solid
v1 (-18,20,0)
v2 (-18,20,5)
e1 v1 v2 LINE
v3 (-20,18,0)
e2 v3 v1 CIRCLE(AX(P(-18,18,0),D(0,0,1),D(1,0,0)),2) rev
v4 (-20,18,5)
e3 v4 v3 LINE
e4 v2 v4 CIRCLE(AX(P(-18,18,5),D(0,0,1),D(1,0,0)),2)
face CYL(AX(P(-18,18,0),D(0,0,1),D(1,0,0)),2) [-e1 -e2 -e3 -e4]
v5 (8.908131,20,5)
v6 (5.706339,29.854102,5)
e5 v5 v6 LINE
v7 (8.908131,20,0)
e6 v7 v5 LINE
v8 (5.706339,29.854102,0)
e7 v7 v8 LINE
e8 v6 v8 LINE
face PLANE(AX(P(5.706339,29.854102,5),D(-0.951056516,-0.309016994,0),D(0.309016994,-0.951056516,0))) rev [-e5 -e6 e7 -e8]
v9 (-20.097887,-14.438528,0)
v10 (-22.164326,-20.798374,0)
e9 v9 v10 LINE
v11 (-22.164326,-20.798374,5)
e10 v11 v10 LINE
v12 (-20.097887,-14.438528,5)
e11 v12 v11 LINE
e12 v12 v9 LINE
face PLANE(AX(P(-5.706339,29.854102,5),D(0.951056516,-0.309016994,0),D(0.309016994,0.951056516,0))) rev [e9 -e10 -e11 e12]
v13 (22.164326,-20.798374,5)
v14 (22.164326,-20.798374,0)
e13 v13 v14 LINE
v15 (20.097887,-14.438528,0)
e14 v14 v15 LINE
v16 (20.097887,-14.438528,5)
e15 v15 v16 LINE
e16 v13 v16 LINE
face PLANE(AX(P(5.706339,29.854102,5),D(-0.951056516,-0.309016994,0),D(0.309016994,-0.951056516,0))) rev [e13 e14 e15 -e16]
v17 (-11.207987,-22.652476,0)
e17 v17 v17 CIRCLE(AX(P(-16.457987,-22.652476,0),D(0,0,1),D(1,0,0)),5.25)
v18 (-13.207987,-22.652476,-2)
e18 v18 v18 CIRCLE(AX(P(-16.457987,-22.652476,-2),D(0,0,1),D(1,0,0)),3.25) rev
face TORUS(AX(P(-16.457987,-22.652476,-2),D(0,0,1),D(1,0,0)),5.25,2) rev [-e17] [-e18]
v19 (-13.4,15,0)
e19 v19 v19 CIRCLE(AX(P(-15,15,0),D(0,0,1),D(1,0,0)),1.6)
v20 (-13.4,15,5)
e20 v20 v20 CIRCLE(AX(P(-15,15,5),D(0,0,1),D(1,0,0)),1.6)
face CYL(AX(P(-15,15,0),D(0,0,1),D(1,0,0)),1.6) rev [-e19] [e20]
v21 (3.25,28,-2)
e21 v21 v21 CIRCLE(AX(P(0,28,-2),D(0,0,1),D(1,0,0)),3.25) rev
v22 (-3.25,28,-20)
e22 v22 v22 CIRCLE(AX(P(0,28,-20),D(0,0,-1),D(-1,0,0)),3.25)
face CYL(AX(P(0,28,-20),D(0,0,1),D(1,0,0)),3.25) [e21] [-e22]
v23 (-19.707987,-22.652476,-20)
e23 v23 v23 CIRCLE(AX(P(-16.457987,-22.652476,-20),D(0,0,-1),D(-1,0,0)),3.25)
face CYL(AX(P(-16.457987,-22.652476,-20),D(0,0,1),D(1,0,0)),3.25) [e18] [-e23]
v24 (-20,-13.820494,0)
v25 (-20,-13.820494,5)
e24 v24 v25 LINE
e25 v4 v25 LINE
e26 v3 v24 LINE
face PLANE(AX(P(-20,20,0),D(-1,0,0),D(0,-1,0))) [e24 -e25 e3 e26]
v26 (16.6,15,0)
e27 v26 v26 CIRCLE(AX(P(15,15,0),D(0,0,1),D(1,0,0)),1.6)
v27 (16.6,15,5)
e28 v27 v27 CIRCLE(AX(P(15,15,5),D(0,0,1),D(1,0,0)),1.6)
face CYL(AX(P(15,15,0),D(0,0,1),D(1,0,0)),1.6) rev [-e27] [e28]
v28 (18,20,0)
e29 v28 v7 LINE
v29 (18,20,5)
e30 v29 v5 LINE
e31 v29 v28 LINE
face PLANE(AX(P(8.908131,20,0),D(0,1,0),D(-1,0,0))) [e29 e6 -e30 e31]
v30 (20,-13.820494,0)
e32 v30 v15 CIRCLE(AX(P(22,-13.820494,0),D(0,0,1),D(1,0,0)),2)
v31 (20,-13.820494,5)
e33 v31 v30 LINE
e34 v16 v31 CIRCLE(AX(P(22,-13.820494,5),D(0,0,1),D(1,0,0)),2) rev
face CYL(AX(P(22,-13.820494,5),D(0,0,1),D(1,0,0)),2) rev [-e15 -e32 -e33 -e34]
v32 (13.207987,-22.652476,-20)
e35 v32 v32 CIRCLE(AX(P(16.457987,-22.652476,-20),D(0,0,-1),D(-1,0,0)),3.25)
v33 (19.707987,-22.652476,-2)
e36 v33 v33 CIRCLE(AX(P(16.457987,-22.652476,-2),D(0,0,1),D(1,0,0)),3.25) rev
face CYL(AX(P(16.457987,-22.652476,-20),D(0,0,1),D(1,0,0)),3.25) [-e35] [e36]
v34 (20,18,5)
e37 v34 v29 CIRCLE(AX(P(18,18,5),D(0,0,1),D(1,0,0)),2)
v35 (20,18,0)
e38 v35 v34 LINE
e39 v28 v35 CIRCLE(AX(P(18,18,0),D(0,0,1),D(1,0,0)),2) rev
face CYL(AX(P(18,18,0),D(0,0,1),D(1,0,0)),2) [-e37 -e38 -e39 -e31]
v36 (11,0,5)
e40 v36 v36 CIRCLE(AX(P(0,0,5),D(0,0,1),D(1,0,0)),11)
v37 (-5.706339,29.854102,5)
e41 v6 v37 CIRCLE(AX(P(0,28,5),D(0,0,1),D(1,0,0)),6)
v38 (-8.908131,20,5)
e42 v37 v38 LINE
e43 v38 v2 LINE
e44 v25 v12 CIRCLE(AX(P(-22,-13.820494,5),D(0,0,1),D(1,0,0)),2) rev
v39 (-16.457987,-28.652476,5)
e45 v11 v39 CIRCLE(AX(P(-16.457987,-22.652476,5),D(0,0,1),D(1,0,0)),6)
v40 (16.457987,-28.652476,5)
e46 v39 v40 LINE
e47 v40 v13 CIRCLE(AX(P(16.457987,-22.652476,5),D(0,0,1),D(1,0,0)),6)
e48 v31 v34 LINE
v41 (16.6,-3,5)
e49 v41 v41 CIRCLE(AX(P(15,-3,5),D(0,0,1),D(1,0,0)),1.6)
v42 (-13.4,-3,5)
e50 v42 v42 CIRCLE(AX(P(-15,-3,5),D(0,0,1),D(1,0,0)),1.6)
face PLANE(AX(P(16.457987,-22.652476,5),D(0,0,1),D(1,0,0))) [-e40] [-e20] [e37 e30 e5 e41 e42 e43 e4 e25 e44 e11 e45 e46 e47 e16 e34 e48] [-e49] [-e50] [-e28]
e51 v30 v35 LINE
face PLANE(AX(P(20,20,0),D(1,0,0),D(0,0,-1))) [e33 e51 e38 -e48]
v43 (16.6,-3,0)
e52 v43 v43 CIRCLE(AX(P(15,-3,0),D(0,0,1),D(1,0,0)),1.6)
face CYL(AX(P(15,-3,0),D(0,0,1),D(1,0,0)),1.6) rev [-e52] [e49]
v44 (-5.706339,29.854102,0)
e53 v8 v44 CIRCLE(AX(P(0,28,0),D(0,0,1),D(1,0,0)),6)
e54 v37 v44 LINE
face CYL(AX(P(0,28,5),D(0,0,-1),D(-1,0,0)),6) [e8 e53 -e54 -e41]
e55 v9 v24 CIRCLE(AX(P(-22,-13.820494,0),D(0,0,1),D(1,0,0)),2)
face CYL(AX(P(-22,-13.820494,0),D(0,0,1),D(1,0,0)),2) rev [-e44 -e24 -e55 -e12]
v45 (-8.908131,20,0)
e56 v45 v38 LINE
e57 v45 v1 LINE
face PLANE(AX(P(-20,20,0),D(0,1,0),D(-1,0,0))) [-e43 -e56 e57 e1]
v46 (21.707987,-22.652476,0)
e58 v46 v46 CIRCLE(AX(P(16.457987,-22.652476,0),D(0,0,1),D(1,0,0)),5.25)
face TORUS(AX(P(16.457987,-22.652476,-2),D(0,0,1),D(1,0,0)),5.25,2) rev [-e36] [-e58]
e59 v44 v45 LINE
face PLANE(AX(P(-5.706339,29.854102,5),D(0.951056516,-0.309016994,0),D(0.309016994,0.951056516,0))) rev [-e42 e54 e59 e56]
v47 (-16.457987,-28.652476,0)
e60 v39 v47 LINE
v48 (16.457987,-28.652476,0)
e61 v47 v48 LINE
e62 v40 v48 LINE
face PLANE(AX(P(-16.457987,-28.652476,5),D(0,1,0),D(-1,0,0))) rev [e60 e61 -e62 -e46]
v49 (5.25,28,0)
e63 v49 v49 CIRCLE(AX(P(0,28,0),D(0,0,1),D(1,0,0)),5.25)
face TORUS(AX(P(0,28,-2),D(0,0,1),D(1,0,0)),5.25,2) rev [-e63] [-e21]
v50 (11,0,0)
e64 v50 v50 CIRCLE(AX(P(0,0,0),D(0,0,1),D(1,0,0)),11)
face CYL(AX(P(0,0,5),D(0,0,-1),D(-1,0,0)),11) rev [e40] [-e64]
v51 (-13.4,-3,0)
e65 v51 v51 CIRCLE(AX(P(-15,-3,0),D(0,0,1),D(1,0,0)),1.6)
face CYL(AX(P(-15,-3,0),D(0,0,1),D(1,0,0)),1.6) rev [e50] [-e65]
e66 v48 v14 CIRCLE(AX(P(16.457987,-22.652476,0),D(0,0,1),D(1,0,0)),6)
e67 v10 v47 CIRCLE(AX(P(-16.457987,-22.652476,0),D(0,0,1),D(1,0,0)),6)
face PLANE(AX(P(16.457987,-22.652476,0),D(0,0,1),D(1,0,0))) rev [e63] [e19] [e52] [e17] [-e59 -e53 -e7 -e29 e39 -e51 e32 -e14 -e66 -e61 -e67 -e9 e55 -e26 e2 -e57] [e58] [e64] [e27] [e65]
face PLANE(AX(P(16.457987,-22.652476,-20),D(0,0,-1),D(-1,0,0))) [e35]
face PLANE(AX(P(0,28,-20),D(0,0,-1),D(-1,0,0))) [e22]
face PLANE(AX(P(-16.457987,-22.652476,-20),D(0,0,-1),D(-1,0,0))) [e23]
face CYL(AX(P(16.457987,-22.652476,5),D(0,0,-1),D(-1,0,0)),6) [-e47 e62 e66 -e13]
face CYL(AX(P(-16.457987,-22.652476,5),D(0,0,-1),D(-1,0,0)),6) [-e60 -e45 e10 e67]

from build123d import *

# Parameters (mm, degrees)
SKETCH_1_R          = 11
EXTRUDE_1_DEPTH     = 5
SKETCH_2_R          = 3.25
EXTRUDE_2_DEPTH     = 20
FILLET_1_R          = 2
EXTRUDE_3_DEPTH     = 5
FILLET_2_R          = 2
SKETCH_4_R          = 1.6
CUT_EXTRUDE_1_DEPTH = 5


with BuildPart() as part:
    # 草图1 → 凸台-拉伸1 (new body)
    with BuildSketch(Plane.XY):
        with BuildLine():
            Line((-5.706339098, 29.854101966), (-22.164326162, -20.798373876))
            ThreePointArc((-22.164326162, -20.798373876), (-21.31208903, -26.179187356), (-16.457987064, -28.652475842))
            Line((-16.457987064, -28.652475842), (16.457987064, -28.652475842))
            ThreePointArc((16.457987064, -28.652475842), (21.31208903, -26.179187356), (22.164326162, -20.798373876))
            Line((22.164326162, -20.798373876), (5.706339098, 29.854101966))
            ThreePointArc((5.706339098, 29.854101966), (0, 34), (-5.706339098, 29.854101966))
        make_face()
        Circle(SKETCH_1_R, mode=Mode.SUBTRACT)
    extrude(amount=EXTRUDE_1_DEPTH)

    # 草图2 → 凸台-拉伸2 (add)
    with BuildSketch(Plane(origin=(0, 0, 0), x_dir=(-1, 0, 0), z_dir=(0, 0, -1))):
        with Locations(Location((0, 28, 0), (0, 0, 180))):
            Circle(SKETCH_2_R)
        with Locations(Location((-16.457987064, -22.652475842, 0), (0, 0, 180))):
            Circle(SKETCH_2_R)
        with Locations(Location((16.457987064, -22.652475842, 0), (0, 0, 180))):
            Circle(SKETCH_2_R)
    extrude(amount=EXTRUDE_2_DEPTH)

    # 圆角1
    fillet_1_edges = [part.edges().sort_by_distance(p)[0] for p in [
        (-3.25, 28, 0),
        (13.207987064, -22.652475842, 0),
        (-19.707987064, -22.652475842, 0),
    ]]
    fillet(fillet_1_edges, radius=FILLET_1_R)

    # 草图3 → 凸台-拉伸3 (add)
    with BuildSketch(Plane.XY.offset(5)):
        Polygon((-20, 20), (-8.908130915, 20), (-20, -14.137262879), align=None)
        Polygon((20, 20), (20, -14.137262879), (8.908130915, 20), align=None)
    extrude(amount=-EXTRUDE_3_DEPTH)

    # 圆角2
    fillet_2_edges = [part.edges().sort_by_distance(p)[0] for p in [
        (-20, -14.137262879, 2.5),
        (-20, 20, 2.5),
        (20, 20, 2.5),
        (20, -14.137262879, 2.5),
    ]]
    fillet(fillet_2_edges, radius=FILLET_2_R)

    # 草图4 → 切除-拉伸1 (cut)
    with BuildSketch(Plane.XY.offset(5)):
        with Locations((-15, 15)):
            Circle(SKETCH_4_R)
        with Locations((15, 15)):
            Circle(SKETCH_4_R)
        with Locations((15, -3)):
            Circle(SKETCH_4_R)
        with Locations((-15, -3)):
            Circle(SKETCH_4_R)
    extrude(amount=-CUT_EXTRUDE_1_DEPTH, mode=Mode.SUBTRACT)


solid = part.part
